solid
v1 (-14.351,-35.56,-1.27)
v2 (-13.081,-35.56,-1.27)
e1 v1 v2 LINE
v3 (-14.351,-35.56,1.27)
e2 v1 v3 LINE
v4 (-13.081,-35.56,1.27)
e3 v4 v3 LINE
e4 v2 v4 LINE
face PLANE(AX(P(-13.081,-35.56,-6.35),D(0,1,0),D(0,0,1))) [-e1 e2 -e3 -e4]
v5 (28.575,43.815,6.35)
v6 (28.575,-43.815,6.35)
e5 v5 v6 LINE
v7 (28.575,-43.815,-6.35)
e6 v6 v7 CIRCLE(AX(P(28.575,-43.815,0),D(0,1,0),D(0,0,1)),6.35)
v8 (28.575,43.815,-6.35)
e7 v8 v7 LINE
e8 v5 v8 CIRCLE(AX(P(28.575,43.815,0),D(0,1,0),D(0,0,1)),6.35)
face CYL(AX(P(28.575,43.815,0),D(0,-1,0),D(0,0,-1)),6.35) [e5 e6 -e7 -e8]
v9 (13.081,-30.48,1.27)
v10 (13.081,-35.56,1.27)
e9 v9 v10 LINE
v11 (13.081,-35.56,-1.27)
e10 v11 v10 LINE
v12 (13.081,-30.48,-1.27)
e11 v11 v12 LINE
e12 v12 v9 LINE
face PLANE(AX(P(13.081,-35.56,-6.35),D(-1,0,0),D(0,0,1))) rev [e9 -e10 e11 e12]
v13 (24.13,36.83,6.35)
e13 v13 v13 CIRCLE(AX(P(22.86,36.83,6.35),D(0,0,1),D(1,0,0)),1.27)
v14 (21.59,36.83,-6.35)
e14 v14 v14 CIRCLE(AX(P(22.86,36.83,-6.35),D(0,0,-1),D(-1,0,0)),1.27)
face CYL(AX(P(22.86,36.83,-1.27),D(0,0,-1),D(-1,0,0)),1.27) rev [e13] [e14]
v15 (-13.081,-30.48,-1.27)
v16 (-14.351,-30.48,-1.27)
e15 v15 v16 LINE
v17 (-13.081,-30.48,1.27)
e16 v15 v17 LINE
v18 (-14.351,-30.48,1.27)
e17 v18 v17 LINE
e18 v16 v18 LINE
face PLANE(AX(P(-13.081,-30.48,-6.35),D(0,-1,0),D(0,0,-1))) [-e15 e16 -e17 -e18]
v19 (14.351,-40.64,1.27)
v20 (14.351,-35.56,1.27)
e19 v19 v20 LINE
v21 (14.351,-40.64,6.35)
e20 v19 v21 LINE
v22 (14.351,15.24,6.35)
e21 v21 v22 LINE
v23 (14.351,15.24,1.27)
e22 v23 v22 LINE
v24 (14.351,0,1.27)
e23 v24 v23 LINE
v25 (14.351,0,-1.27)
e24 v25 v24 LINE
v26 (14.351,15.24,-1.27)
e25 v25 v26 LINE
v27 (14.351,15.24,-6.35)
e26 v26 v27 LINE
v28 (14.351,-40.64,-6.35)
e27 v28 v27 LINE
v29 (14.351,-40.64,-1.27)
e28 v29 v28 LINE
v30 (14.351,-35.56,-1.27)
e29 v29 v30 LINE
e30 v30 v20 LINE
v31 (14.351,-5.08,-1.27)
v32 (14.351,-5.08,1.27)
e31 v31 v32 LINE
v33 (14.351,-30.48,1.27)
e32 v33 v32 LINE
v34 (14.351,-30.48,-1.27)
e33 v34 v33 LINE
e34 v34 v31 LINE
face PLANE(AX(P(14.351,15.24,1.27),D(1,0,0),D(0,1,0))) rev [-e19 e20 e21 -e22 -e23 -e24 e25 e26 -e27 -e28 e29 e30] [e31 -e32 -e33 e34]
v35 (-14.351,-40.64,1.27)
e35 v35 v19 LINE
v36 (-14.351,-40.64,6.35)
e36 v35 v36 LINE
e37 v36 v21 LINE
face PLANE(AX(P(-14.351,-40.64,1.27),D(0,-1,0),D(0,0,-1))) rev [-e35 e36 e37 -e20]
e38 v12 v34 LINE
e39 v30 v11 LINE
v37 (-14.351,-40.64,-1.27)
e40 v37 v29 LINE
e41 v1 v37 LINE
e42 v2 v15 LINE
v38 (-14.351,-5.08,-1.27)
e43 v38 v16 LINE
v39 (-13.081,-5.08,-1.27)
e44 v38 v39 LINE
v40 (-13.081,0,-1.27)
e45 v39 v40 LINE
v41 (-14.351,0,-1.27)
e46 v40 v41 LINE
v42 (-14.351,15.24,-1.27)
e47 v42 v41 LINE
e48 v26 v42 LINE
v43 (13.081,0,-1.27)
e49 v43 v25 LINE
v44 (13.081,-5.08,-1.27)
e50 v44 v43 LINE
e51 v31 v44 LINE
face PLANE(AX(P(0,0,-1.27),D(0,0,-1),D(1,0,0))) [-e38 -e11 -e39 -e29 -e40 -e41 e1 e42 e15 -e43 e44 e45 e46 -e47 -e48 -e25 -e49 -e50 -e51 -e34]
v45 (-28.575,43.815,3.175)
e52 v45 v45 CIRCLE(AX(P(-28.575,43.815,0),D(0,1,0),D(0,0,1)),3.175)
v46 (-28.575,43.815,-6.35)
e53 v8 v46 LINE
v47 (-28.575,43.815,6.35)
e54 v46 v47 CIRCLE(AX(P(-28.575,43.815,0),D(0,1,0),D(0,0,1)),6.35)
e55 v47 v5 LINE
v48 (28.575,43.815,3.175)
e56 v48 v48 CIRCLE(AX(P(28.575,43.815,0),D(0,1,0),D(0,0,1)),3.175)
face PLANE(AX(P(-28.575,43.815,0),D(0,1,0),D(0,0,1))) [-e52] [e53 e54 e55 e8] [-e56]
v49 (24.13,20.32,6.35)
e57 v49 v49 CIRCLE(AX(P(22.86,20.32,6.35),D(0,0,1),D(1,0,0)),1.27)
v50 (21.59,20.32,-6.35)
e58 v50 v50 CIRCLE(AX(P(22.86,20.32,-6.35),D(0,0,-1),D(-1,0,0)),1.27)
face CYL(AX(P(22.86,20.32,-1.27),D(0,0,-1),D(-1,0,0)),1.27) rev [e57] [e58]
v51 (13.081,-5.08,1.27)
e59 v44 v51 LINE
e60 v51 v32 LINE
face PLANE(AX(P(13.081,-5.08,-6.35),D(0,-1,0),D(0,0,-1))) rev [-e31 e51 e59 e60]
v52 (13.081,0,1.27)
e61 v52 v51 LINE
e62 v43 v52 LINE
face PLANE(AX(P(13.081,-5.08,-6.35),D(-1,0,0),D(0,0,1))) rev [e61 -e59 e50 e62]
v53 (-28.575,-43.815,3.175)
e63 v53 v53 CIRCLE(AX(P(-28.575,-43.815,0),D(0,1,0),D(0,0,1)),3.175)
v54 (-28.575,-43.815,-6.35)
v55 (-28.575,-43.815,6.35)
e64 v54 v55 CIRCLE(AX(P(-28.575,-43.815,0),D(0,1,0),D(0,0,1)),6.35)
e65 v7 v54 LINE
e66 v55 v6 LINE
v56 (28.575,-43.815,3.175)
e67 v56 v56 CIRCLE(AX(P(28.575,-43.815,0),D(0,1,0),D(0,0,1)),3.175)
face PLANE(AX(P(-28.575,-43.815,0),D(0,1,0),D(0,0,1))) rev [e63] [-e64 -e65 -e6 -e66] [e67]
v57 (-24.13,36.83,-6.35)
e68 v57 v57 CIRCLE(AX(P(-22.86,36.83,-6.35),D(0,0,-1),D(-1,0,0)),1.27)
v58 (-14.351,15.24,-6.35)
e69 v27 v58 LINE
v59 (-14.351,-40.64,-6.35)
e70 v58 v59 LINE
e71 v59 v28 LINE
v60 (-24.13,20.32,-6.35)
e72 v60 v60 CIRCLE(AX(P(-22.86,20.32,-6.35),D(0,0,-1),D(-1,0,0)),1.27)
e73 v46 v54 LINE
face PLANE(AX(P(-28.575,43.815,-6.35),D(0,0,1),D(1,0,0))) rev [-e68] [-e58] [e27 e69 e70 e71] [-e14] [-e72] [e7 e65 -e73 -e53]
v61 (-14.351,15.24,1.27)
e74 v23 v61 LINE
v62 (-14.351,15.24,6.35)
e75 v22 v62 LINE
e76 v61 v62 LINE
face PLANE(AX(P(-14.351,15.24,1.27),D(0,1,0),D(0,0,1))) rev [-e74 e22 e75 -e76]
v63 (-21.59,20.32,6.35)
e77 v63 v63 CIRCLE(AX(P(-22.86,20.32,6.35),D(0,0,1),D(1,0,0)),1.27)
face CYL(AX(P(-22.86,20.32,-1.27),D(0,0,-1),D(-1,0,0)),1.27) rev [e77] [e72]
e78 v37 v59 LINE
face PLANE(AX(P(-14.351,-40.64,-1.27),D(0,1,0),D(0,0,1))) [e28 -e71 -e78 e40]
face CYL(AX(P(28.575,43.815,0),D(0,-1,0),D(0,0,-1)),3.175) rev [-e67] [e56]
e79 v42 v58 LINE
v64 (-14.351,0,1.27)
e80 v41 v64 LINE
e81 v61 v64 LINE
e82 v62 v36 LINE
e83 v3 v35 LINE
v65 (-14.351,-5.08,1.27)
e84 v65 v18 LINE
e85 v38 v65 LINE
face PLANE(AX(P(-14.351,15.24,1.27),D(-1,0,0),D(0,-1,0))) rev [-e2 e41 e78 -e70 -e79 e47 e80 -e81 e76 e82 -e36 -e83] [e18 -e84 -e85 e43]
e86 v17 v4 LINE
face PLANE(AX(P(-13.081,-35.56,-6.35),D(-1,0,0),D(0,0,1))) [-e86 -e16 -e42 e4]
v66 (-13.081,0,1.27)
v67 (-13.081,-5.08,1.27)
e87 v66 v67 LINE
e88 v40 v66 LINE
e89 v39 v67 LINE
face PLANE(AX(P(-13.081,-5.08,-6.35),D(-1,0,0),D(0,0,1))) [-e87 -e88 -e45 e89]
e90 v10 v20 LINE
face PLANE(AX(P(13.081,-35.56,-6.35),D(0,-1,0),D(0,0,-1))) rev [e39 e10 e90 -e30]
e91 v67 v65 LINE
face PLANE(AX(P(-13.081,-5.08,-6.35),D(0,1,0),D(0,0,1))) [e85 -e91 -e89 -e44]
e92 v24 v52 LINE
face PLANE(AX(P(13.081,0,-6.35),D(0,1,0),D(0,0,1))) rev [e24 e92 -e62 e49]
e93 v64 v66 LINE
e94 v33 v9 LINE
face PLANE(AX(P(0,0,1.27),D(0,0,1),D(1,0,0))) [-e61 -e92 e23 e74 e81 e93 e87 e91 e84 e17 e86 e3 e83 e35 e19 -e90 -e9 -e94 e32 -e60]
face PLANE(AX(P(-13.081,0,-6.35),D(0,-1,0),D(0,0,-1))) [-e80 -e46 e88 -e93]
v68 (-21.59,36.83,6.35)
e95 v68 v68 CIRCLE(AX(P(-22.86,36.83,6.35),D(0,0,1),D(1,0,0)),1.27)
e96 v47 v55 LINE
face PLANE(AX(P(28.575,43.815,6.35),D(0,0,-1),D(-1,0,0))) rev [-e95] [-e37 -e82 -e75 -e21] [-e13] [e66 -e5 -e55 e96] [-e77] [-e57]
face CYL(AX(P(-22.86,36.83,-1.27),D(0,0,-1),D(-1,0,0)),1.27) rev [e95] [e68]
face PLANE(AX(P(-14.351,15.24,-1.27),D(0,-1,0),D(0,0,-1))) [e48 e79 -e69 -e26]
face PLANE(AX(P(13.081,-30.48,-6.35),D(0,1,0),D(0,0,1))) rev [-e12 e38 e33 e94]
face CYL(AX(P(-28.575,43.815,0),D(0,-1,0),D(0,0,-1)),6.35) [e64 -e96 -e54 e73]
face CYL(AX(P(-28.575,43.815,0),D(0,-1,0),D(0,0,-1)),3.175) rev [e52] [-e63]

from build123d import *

# Parameters (mm, degrees)
SKETCH2_R           = 3.175
BOSS_EXTRUDE1_DEPTH = 43.815
SKETCH5_R           = 1.27
CUT_EXTRUDE1_DEPTH  = 5.08
SKETCH6_R           = 1.27
CUT_EXTRUDE2_DEPTH  = 58.452587844
SKETCH7_W           = 28.702
SKETCH7_H           = 55.88
CUT_EXTRUDE3_DEPTH  = 5.08
SKETCH8_W           = 1.27
SKETCH8_H           = 5.08
CUT_EXTRUDE4_DEPTH  = 57.547097627


with BuildPart() as part:
    # Sketch2 → Boss-Extrude1 (new, symmetric)
    with BuildSketch(Plane(origin=(0, 0, 0), x_dir=(1, 0, 0), z_dir=(0, 1, 0))):
        with BuildLine():
            Line((-28.575, 6.35), (28.575, 6.35))
            ThreePointArc((28.575, 6.35), (34.925, 0), (28.575, -6.35))
            Line((28.575, -6.35), (-28.575, -6.35))
            ThreePointArc((-28.575, -6.35), (-34.925, 0), (-28.575, 6.35))
        make_face()
        with Locations(Location((28.575, 0, 0), (0, 0, 270))):
            Circle(SKETCH2_R, mode=Mode.SUBTRACT)
        with Locations(Location((-28.575, 0, 0), (0, 0, 270))):
            Circle(SKETCH2_R, mode=Mode.SUBTRACT)
    extrude(amount=BOSS_EXTRUDE1_DEPTH, both=True)

    # Sketch5 → Cut-Extrude1 (cut)
    with BuildSketch(Plane(origin=(0, 0, -6.35), x_dir=(-1, 0, 0), z_dir=(0, 0, -1))):
        with Locations((22.86, 36.83)):
            Circle(SKETCH5_R)
        with Locations((22.86, 20.32)):
            Circle(SKETCH5_R)
        with Locations((-22.86, 36.83)):
            Circle(SKETCH5_R)
        with Locations((-22.86, 20.32)):
            Circle(SKETCH5_R)
    extrude(amount=-CUT_EXTRUDE1_DEPTH, mode=Mode.SUBTRACT)

    # Sketch6 → Cut-Extrude2 (cut, through all)
    with BuildSketch(Plane.XY.offset(6.35)):
        with Locations(Location((22.86, 36.83, 0), (0, 0, 180))):
            Circle(SKETCH6_R)
        with Locations(Location((22.86, 20.32, 0), (0, 0, 180))):
            Circle(SKETCH6_R)
        with Locations(Location((-22.86, 36.83, 0), (0, 0, 180))):
            Circle(SKETCH6_R)
        with Locations(Location((-22.86, 20.32, 0), (0, 0, 180))):
            Circle(SKETCH6_R)
    extrude(amount=-CUT_EXTRUDE2_DEPTH, mode=Mode.SUBTRACT)

    # Sketch7 → Cut-Extrude3 (cut)
    with BuildSketch(Plane.XY.offset(6.35)):
        with Locations((0, -12.7)):
            Rectangle(SKETCH7_W, SKETCH7_H)
    cut_extrude3 = extrude(amount=-CUT_EXTRUDE3_DEPTH, mode=Mode.SUBTRACT)

    # Mirror1: Cut-Extrude3 across plane
    add(cut_extrude3.mirror(Plane.XY), mode=Mode.SUBTRACT)

    # Sketch8 → Cut-Extrude4 (cut, through all)
    with BuildSketch(Plane.XY.offset(1.27)):
        with Locations((13.716, -33.02)):
            Rectangle(SKETCH8_W, SKETCH8_H)
        with Locations((13.716, -2.54)):
            Rectangle(SKETCH8_W, SKETCH8_H)
    cut_extrude4 = extrude(amount=-CUT_EXTRUDE4_DEPTH, mode=Mode.SUBTRACT)

    # Mirror2: Cut-Extrude4 across plane
    add(cut_extrude4.mirror(Plane(origin=(0, 0, 0), x_dir=(0, 0, 1), z_dir=(1, 0, 0))), mode=Mode.SUBTRACT)


solid = part.part
